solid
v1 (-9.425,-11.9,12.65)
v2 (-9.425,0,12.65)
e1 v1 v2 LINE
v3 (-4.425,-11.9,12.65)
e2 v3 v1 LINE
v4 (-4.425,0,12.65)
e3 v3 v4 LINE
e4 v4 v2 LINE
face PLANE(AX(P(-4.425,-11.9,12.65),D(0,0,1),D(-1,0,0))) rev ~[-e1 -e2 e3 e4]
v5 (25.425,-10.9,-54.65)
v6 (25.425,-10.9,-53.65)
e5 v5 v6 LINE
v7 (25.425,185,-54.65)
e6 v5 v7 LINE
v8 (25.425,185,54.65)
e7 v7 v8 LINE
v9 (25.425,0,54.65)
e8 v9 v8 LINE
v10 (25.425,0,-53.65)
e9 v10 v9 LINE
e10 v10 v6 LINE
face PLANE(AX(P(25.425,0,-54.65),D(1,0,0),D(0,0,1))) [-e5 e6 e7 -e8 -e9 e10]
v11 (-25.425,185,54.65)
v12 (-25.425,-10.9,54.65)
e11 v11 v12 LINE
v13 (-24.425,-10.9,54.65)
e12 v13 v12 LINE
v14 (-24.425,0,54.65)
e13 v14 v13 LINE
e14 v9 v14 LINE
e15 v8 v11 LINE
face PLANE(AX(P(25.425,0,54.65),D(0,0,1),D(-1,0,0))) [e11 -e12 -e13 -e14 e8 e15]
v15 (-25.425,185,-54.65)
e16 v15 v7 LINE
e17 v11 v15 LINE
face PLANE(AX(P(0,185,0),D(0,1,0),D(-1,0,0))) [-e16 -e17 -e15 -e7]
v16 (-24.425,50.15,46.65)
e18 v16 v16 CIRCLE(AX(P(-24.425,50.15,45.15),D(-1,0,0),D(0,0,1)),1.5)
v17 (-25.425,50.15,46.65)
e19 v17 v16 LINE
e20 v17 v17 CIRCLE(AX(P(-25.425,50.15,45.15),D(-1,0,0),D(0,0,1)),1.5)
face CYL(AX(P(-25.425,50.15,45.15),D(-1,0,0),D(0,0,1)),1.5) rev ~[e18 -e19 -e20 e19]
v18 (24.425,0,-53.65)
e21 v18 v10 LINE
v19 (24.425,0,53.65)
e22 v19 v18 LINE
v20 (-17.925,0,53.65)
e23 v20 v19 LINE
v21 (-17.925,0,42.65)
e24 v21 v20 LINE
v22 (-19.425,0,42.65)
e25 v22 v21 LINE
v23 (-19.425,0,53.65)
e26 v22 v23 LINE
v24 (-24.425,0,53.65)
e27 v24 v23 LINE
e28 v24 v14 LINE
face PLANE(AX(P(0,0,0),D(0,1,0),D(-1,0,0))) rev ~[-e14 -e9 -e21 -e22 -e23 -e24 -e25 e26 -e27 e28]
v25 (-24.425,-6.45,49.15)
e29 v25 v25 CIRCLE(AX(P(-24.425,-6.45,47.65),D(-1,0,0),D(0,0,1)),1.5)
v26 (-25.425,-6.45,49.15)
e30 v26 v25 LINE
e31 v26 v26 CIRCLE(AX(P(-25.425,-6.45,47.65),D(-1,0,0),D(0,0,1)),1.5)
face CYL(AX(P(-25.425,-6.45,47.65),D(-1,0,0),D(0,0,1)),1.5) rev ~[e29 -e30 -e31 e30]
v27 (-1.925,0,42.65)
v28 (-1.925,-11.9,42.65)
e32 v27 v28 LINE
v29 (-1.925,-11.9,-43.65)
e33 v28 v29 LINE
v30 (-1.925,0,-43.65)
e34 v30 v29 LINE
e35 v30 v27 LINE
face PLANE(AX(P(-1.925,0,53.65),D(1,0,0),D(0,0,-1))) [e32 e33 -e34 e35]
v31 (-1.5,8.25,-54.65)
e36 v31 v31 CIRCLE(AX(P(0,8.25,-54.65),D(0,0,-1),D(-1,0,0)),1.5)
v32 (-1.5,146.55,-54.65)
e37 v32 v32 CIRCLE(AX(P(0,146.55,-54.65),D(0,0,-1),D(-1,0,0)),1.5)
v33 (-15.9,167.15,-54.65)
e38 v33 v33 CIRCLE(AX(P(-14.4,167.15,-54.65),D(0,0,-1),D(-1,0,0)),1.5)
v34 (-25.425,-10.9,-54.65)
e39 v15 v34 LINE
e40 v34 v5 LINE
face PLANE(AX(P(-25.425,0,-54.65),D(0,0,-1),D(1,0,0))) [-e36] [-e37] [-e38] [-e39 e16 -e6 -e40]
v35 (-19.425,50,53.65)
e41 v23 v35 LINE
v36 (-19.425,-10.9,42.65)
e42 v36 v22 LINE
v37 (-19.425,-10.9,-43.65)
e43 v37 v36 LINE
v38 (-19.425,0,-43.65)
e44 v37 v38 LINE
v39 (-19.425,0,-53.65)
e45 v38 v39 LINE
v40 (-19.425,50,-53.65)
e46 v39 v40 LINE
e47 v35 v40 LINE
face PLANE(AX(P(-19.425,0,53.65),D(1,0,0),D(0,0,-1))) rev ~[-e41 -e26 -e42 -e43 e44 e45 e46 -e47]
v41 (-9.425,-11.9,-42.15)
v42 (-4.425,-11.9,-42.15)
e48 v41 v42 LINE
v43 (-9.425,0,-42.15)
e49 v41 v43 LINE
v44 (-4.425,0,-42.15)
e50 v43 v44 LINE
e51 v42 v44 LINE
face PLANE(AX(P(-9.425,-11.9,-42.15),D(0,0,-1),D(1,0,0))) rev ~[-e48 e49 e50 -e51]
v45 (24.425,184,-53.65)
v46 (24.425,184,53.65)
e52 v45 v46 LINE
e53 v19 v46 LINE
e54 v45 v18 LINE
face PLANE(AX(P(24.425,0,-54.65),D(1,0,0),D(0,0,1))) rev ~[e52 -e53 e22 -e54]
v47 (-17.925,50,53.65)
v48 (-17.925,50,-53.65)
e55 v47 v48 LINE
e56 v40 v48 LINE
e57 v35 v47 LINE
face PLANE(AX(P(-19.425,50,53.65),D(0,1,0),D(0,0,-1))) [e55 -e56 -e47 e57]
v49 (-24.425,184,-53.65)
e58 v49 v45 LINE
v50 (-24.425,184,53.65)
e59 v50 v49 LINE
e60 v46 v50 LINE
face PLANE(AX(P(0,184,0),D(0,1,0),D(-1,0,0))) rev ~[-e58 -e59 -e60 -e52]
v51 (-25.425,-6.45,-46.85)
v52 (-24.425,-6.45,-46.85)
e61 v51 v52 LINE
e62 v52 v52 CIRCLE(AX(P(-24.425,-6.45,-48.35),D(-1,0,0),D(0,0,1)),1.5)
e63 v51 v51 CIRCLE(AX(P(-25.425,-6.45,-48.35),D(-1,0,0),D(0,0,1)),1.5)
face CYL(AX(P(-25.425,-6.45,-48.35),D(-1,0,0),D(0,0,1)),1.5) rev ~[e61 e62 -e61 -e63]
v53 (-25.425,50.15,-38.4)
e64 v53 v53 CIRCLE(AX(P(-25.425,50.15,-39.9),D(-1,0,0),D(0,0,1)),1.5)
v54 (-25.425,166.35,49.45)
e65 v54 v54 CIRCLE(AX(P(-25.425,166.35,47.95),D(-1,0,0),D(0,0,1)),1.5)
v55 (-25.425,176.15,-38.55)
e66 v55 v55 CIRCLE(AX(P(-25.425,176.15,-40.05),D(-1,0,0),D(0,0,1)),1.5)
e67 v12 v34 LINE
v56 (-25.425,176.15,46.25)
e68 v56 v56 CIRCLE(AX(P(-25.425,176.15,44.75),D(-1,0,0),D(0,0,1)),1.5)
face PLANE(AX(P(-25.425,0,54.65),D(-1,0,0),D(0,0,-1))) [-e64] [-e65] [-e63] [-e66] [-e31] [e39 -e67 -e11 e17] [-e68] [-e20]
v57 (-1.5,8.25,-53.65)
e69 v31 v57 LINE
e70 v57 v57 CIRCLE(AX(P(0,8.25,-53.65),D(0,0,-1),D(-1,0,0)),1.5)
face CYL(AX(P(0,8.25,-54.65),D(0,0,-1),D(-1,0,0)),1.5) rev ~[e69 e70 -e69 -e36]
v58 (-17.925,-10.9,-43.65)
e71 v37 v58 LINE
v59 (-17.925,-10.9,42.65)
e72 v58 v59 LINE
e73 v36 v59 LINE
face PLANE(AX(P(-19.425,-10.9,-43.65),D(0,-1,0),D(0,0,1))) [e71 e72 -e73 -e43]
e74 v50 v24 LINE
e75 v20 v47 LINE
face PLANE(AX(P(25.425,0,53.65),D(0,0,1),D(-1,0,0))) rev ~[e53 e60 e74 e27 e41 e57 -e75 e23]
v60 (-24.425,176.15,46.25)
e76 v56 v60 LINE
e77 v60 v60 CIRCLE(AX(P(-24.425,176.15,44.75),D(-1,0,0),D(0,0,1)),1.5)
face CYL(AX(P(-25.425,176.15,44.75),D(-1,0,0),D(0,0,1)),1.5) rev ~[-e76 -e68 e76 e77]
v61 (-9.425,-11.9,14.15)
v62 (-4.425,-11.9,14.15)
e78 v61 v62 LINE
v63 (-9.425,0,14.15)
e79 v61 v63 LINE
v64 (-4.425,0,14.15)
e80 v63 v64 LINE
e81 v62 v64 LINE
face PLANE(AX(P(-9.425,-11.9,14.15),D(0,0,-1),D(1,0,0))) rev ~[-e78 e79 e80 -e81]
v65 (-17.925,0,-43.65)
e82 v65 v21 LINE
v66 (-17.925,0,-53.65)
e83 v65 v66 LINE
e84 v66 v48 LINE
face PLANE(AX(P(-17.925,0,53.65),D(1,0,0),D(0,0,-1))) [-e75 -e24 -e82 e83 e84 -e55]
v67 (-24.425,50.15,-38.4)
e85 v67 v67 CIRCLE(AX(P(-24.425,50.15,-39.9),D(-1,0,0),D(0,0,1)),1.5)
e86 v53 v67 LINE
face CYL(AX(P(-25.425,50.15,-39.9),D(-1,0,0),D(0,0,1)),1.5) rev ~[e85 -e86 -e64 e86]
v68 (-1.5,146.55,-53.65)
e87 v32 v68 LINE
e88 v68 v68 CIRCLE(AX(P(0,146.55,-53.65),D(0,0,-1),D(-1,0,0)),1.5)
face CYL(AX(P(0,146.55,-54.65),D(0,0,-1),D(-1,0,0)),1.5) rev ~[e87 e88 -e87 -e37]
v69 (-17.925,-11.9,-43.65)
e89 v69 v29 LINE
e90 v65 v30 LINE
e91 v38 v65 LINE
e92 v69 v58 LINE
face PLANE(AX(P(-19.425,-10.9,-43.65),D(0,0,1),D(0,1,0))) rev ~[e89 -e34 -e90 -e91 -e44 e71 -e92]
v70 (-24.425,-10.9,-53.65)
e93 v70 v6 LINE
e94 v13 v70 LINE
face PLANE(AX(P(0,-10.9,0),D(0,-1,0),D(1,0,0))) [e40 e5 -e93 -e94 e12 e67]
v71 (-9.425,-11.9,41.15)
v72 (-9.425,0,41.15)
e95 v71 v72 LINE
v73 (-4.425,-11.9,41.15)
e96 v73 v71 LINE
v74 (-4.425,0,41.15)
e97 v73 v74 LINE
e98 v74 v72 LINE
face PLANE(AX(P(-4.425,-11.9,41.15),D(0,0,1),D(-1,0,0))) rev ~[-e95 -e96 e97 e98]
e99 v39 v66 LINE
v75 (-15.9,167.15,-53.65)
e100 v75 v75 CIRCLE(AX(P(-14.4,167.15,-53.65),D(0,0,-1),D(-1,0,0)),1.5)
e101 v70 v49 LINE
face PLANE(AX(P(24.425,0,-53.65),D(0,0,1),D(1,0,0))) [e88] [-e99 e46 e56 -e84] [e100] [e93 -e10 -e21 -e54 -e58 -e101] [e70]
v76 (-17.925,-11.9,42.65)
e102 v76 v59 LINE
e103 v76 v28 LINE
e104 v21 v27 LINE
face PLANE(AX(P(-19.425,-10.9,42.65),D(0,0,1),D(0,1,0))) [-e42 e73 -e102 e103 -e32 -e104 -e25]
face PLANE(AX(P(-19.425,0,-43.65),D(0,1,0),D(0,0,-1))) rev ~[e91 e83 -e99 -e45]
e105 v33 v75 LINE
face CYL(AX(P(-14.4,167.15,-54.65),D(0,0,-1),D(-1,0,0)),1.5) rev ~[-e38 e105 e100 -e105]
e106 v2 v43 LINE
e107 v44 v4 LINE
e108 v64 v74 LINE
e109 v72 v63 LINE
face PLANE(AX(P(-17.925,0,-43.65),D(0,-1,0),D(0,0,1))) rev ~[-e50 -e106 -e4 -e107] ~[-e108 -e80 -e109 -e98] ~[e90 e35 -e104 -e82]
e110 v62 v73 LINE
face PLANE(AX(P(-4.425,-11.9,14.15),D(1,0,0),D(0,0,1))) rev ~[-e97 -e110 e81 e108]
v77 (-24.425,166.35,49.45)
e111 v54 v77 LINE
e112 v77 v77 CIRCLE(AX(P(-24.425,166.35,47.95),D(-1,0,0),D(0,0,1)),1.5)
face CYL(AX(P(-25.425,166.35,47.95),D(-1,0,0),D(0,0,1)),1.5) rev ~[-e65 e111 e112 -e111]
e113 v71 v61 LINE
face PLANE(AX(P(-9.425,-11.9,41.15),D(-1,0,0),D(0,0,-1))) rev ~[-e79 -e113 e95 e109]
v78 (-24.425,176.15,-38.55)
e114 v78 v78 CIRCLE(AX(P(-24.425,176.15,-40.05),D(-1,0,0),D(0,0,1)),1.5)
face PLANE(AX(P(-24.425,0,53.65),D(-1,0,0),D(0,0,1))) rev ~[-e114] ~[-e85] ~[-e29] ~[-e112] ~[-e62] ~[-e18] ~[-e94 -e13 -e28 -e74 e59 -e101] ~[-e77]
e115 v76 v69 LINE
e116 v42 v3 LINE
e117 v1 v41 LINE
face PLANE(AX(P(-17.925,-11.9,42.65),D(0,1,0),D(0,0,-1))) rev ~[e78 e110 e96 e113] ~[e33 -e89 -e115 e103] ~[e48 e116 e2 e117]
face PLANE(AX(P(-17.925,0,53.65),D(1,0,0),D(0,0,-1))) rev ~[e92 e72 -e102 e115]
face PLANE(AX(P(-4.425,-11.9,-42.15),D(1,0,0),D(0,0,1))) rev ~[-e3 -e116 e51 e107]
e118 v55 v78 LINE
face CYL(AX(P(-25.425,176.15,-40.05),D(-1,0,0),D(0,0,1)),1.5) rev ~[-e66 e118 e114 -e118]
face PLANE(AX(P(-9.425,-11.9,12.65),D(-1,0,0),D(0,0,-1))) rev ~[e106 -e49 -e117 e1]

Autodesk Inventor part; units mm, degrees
ref_plane "YZ Plane" through (0, 0, 0) normal (1, 0, 0) x (0, 1, 0)
ref_plane "XZ Plane" through (0, 0, 0) normal (0, 1, 0) x (-1, 0, 0)
ref_plane "XY Plane" through (0, 0, 0) normal (0, 0, 1) x (1, 0, 0)
sketch "Sketch1" plane through (0, 0, 0) normal (0, 1, 0) x (-1, 0, 0)
  line L0 (-25.425, 54.65) -> (25.425, 54.65)
  line L1 (25.425, 54.65) -> (25.425, -54.65)
  line L2 (25.425, -54.65) -> (-25.425, -54.65)
  line L3 (-25.425, -54.65) -> (-25.425, 54.65)
  line L4 (-25.425, 54.65) -> (25.425, -54.65) construction
  line L5 (25.425, 54.65) -> (-25.425, -54.65) construction
  point P0 (0, 0)
  dimension "d0" = 109.3
  dimension "d1" = 50.85
extrude "Extrusion1" add sketch "Sketch1" along normal blind 185
shell "Shell1" thickness 1 removed faces 1 at (8.475, 0, 18.2167)
sketch "Sketch2" plane through (0, 0, 0) normal (0, -1, 0) x (1, 0, 0)
  line L0 (-24.425, -53.65) -> (-24.425, 53.65) projected
  line L1 (-24.425, 53.65) -> (24.425, 53.65) projected
  line L2 (24.425, 53.65) -> (24.425, -53.65) projected
  line L3 (24.425, -53.65) -> (-24.425, -53.65) projected
  line L4 (25.425, 54.65) -> (-25.425, 54.65) projected
  line L5 (-25.425, 54.65) -> (-25.425, -54.65) projected
  line L6 (-25.425, -54.65) -> (25.425, -54.65) projected
  line L7 (25.425, -54.65) -> (25.425, 54.65) projected
  line L8 (-24.425, 53.65) -> (-24.425, 54.65)
  line L9 (25.425, 54.65) -> (-25.425, 54.65) projected
  line L10 (24.425, 53.65) -> (24.425, -53.65) projected
  line L11 (24.425, -53.65) -> (25.425, -53.65)
  line L12 (25.425, -54.65) -> (25.425, 54.65) projected
  point P0 (0, 0)
extrude "Extrusion2" add sketch "Sketch2" along normal blind 10.9 contours L3 L11 L7 L6 L5 L4 L8 L0
sketch "Sketch3" plane through (25.425, 185, -54.65) normal (0, 0, -1) x (-1, 0, 0)
  line L0 (0, -176.75) -> (50.85, -176.75) construction
  line L1 (50.85, 0) -> (50.85, -195.9) construction
  circle A0 centre (25.425, -176.75) radius 1.5
  line L2 (50.85, -195.9) -> (0, -195.9) projected
  line L3 (0, 0) -> (0, -195.9) projected
  line L4 (25.425, -176.75) -> (25.425, -38.45) construction
  circle A1 centre (25.425, -38.45) radius 1.5
  line L5 (25.425, -38.45) -> (39.825, -38.45) construction
  line L6 (39.825, -38.45) -> (39.825, -17.85) construction
  circle A2 centre (39.825, -17.85) radius 1.5
  point P0 (25.425, -185)
  dimension "d7" = 19.15
  dimension "d8" = 3
  dimension "d9" = 138.3
  dimension "d10" = 3
  dimension "d11" = 14.4
  dimension "d12" = 20.6
  dimension "d13" = 3
extrude "Extrusion3" cut sketch "Sketch3" against normal up to surface (1 mm away)
sketch "Sketch4" plane through (-25.425, 185, -54.65) normal (-1, 0, 0) x (0, 0, 1)
  line L0 (0, -191.45) -> (109.3, -191.45) construction
  line L1 (109.3, 0) -> (109.3, -195.9) construction
  line L2 (109.3, -195.9) -> (0, -195.9) construction
  line L3 (0, 0) -> (0, -195.9) construction
  circle A0 centre (6.3, -191.45) radius 1.5
  circle A1 centre (102.3, -191.45) radius 1.5
  line L4 (0, -134.85) -> (109.3, -134.85) construction
  circle A2 centre (14.75, -134.85) radius 1.5
  circle A3 centre (99.8, -134.85) radius 1.5
  line L5 (0, -18.65) -> (109.3, -18.65) construction
  circle A4 centre (102.6, -18.65) radius 1.5
  line L6 (0, -8.85) -> (109.3, -8.85) construction
  circle A5 centre (14.6, -8.85) radius 1.5
  circle A6 centre (99.4, -8.85) radius 1.5
  point P0 (54.65, -185)
  dimension "d16" = 4.45
  dimension "d17" = 7
  dimension "d18" = 3
  dimension "d19" = 6.3
  dimension "d20" = 3
  dimension "d21" = 56.6
  dimension "d22" = 14.75
  dimension "d23" = 9.5
  dimension "d24" = 3
  dimension "d25" = 3
  dimension "d26" = 116.2
  dimension "d27" = 6.7
  dimension "d28" = 3
  dimension "d29" = 9.8
  dimension "d30" = 9.9
  dimension "d31" = 3
  dimension "d32" = 14.6
  dimension "d33" = 3
extrude "Extrusion4" cut sketch "Sketch4" against normal up to surface (1 mm away)
ref_plane "Work Plane1" through (-19.425, 0, 53.65) normal (1, 0, 0) x (0, 0, -1)
sketch "Sketch5" plane through (-19.425, 0, 53.65) normal (1, 0, 0) x (0, 0, -1)
  line L0 (107.3, -10.9) -> (-1, -10.9) projected
  line L1 (97.3, -10.9) -> (97.3, 0)
  line L2 (107.3, 0) -> (107.3, -10.9) projected
  line L3 (11, -10.9) -> (11, 0)
  line L4 (-1, 0) -> (-1, -10.9) projected
  line L5 (11, -10.9) -> (97.3, -10.9)
  line L6 (11, 0) -> (-1, 0)
  line L7 (-1, 185) -> (-1, -10.9) projected
  line L8 (97.3, 0) -> (107.3, 0)
  line L9 (107.3, -10.9) -> (107.3, 184) projected
  line L10 (-1, 0) -> (11, 0)
  line L11 (0, 0) -> (0, 184) projected
  line L12 (0, 0) -> (0, 50)
  line L13 (0, 50) -> (107.3, 50)
  line L14 (107.3, 50) -> (107.3, 0)
  point P0 (53.65, 0)
  dimension "d36" = 10
  dimension "d37" = 12
  dimension "d38" = 50
extrude "Extrusion5" add sketch "Sketch5" along normal blind 1.5 contours L0 L3 L6 L11 L13 L9 L8 L1
sketch "Sketch6" plane through (-17.925, 0, 53.65) normal (1, 0, 0) x (0, 0, -1)
  line L0 (97.3, 0) -> (107.3, 0) projected
  line L1 (97.3, 0) -> (11, 0)
  line L2 (11, 0) -> (11, -11.9)
  line L3 (11, -11.9) -> (97.3, -11.9)
  line L4 (97.3, -11.9) -> (97.3, 0)
  line L5 (11, 0) -> (11, -10.9) projected
  line L6 (11, -10.9) -> (97.3, -10.9) projected
  point P0 (53.65, 0)
  dimension "d42" = 1
extrude "Extrusion6" add sketch "Sketch6" along normal blind 16
sketch "Sketch7" plane through (-17.925, -11.9, -43.65) normal (0, -1, 0) x (1, 0, 0)
  line L0 (13.5, 84.8) -> (8.5, 84.8)
  line L1 (8.5, 84.8) -> (8.5, 57.8)
  line L2 (8.5, 57.8) -> (13.5, 57.8)
  line L3 (13.5, 57.8) -> (13.5, 84.8)
  line L4 (0, 86.3) -> (16, 86.3) projected
  line L5 (16, 86.3) -> (16, 0) projected
  line L6 (0, 86.3) -> (0, 0) projected
  line L7 (13.5, 56.3) -> (8.5, 56.3)
  line L8 (8.5, 56.3) -> (8.5, 1.5)
  line L9 (8.5, 1.5) -> (13.5, 1.5)
  line L10 (13.5, 1.5) -> (13.5, 56.3)
  line L11 (0, 0) -> (16, 0) projected
  point P0 (17.925, 43.65)
  dimension "d45" = 1.5
  dimension "d46" = 2.5
  dimension "d47" = 27
  dimension "d48" = 8.5
  dimension "d49" = 1.5
  dimension "d50" = 1.5
extrude "Extrusion7" cut sketch "Sketch7" against normal blind 16 contours L3 L2 L1 L0 | L10 L9 L8 L7
ref_plane "Work Plane2" through (0, -35.9, 0) normal (0, -1, 0) x (1, 0, 0)
ref_plane "Work Plane3" through (-25.425, 185, 0) normal (0, 0, 1) x (1, 0, 0)
properties part number "PSU"
